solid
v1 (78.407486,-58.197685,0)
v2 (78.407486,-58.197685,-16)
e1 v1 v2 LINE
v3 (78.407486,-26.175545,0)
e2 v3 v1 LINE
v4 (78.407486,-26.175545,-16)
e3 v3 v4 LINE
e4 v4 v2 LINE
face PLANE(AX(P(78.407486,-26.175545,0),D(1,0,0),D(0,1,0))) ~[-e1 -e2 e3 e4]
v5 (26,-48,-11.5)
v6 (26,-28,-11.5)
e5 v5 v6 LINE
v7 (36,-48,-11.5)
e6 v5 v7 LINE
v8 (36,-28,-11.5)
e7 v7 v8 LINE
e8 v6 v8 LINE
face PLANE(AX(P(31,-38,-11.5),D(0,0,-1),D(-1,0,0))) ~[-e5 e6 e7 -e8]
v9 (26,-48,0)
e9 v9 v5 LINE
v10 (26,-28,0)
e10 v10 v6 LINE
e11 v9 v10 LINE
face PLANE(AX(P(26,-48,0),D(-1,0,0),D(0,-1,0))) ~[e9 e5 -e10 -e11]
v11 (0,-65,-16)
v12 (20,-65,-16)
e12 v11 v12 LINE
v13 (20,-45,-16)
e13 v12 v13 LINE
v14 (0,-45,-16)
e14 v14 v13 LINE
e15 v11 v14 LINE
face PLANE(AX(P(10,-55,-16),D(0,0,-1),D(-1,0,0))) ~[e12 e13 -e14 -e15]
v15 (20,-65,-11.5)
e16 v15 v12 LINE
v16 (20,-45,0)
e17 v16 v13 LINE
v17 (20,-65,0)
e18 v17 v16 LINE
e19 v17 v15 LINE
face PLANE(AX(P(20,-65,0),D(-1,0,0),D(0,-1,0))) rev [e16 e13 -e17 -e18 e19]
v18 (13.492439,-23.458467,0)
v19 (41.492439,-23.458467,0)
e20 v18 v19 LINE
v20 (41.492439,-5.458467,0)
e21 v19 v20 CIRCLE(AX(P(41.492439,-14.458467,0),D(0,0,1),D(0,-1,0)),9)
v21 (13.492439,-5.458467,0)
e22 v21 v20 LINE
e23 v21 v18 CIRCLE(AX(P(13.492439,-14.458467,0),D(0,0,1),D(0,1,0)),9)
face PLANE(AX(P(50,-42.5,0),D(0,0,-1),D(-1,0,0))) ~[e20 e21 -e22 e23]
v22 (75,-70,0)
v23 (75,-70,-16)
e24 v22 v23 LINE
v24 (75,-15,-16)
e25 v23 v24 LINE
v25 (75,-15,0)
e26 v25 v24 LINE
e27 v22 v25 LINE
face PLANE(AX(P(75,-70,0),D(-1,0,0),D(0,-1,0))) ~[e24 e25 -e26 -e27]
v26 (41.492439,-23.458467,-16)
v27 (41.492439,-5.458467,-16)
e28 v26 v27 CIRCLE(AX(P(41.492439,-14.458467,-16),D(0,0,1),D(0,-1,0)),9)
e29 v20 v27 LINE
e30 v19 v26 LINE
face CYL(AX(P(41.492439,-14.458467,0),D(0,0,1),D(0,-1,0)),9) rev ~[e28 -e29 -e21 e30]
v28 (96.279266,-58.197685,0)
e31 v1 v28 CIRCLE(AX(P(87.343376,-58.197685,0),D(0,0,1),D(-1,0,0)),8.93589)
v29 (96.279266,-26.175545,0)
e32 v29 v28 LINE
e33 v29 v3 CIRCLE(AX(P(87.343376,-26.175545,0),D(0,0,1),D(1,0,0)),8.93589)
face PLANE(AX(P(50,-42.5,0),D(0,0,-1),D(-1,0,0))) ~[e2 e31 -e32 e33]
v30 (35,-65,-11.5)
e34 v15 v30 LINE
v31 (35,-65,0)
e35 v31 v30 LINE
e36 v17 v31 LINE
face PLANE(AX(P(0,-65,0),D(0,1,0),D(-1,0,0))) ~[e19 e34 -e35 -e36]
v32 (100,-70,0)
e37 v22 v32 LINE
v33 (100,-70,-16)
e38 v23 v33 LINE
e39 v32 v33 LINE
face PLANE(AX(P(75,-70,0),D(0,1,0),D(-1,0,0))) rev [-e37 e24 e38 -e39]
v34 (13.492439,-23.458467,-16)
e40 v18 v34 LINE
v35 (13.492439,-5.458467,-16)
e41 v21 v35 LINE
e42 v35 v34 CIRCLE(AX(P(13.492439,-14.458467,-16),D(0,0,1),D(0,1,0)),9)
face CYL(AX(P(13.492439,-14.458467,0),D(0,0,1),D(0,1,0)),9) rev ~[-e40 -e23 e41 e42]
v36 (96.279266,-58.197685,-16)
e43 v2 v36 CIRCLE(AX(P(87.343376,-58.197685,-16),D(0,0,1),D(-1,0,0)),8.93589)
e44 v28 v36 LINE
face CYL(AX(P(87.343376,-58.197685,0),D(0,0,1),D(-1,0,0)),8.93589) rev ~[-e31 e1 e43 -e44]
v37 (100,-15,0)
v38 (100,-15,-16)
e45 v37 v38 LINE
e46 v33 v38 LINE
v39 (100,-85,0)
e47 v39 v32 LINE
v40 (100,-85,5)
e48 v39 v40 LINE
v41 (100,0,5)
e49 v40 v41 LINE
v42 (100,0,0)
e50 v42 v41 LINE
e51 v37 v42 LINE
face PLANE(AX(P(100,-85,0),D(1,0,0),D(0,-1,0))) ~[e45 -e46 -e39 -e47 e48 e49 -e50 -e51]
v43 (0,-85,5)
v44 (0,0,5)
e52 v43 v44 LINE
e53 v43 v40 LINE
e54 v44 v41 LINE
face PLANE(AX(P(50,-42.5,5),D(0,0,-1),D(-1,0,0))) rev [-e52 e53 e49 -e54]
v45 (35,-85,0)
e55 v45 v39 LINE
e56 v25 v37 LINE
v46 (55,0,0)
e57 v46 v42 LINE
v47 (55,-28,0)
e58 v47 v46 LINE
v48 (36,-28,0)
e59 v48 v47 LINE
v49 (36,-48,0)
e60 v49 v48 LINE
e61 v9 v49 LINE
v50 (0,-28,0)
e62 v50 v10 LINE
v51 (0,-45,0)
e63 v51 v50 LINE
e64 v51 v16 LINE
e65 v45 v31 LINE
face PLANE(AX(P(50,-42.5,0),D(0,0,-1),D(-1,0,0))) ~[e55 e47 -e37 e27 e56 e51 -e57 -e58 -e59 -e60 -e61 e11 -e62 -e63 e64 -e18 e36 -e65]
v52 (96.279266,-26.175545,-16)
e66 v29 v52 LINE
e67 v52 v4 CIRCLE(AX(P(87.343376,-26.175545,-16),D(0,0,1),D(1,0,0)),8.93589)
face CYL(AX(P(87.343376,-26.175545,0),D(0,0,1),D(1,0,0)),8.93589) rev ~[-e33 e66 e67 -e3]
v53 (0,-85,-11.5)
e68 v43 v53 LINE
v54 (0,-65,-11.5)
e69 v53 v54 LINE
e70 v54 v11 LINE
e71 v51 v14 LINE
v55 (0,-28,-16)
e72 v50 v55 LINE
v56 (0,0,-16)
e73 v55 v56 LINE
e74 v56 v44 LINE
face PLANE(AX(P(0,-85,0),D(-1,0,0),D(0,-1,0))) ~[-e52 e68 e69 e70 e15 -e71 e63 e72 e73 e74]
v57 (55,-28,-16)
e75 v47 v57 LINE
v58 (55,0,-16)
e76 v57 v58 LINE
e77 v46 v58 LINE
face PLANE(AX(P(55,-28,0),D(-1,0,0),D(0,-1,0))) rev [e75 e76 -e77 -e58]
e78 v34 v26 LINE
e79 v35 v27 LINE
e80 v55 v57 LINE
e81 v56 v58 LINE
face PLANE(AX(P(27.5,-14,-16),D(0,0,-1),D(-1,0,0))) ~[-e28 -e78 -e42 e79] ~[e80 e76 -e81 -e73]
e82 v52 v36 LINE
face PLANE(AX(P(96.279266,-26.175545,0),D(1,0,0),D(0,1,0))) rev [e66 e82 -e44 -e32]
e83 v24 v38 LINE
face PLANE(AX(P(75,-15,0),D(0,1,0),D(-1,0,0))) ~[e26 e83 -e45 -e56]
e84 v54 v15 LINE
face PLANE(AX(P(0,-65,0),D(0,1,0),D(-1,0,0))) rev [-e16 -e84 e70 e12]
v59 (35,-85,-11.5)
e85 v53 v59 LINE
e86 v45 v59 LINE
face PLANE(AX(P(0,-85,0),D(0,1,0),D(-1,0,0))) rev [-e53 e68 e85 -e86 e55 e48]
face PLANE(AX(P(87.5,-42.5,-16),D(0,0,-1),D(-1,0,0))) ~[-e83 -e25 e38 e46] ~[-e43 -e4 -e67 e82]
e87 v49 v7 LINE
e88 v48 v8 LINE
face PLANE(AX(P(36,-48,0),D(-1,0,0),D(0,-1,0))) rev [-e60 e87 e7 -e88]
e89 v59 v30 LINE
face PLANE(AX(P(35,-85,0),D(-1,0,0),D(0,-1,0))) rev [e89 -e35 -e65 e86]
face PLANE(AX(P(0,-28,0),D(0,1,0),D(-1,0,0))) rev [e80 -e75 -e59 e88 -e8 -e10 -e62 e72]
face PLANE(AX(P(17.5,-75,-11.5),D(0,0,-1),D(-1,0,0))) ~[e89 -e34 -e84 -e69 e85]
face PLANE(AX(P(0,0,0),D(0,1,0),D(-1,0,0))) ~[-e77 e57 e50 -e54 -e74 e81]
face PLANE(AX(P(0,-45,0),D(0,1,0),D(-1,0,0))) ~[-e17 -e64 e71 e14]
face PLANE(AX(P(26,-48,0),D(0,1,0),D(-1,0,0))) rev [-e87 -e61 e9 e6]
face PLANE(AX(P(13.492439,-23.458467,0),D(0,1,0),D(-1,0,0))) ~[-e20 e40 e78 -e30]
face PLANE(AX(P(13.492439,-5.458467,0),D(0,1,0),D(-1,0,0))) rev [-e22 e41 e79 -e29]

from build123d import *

# Parameters (mm, degrees)
SKETCH_W      = 100
SKETCH_H      = 85
PAD_DEPTH     = 5
SKETCH001_W   = 55
SKETCH001_H   = 28
SKETCH001_W_2 = 25
SKETCH001_H_2 = 55
SKETCH001_W_3 = 20
SKETCH001_H_3 = 20
PAD001_DEPTH  = 16
SKETCH002_W   = 35
SKETCH002_H   = 20
SKETCH002_W_2 = 10
PAD002_DEPTH  = 11.5


with BuildPart() as pad002:
    # Sketch → Pad (new body)
    with BuildSketch(Plane.XY):
        with Locations((50, -42.5)):
            Rectangle(SKETCH_W, SKETCH_H)
    extrude(amount=-PAD_DEPTH)

    # Sketch001 → Pad001 (new body)
    with BuildSketch(Plane.XY):
        with Locations((27.5, -14)):
            Rectangle(SKETCH001_W, SKETCH001_H)
        with BuildLine():
            ThreePointArc((13.492439, -5.458467), (4.492439, -14.458467), (13.492439, -23.458467))
            Line((13.492439, -23.458467), (41.492439, -23.458467))
            ThreePointArc((41.492439, -23.458467), (50.492439, -14.458467), (41.492439, -5.458467))
            Line((13.492439, -5.458467), (41.492439, -5.458467))
        make_face(mode=Mode.SUBTRACT)
        with Locations((87.5, -42.5)):
            Rectangle(SKETCH001_W_2, SKETCH001_H_2)
        with BuildLine():
            ThreePointArc((96.279266, -26.175545), (87.343376, -17.239655), (78.407486, -26.175545))
            Line((78.407486, -26.175545), (78.407486, -58.197685))
            ThreePointArc((78.407486, -58.197685), (87.343376, -67.133575), (96.279266, -58.197685))
            Line((96.279266, -26.175545), (96.279266, -58.197685))
        make_face(mode=Mode.SUBTRACT)
        with Locations((10, -55)):
            Rectangle(SKETCH001_W_3, SKETCH001_H_3)
    extrude(amount=PAD001_DEPTH)

    # Sketch002 → Pad002 (new body)
    with BuildSketch(Plane.XY):
        with Locations((17.5, -75)):
            Rectangle(SKETCH002_W, SKETCH002_H)
        with Locations((31, -38)):
            Rectangle(SKETCH002_W_2, SKETCH002_H)
    extrude(amount=PAD002_DEPTH)


with BuildPart() as part_mirroring:
    # Part__Mirroring: instance of Pad002
    add(pad002.part.mirror(Plane(origin=(0, 0, 0), x_dir=(0, 1, 0), z_dir=(0, 0, 1))))


solid = part_mirroring.part
